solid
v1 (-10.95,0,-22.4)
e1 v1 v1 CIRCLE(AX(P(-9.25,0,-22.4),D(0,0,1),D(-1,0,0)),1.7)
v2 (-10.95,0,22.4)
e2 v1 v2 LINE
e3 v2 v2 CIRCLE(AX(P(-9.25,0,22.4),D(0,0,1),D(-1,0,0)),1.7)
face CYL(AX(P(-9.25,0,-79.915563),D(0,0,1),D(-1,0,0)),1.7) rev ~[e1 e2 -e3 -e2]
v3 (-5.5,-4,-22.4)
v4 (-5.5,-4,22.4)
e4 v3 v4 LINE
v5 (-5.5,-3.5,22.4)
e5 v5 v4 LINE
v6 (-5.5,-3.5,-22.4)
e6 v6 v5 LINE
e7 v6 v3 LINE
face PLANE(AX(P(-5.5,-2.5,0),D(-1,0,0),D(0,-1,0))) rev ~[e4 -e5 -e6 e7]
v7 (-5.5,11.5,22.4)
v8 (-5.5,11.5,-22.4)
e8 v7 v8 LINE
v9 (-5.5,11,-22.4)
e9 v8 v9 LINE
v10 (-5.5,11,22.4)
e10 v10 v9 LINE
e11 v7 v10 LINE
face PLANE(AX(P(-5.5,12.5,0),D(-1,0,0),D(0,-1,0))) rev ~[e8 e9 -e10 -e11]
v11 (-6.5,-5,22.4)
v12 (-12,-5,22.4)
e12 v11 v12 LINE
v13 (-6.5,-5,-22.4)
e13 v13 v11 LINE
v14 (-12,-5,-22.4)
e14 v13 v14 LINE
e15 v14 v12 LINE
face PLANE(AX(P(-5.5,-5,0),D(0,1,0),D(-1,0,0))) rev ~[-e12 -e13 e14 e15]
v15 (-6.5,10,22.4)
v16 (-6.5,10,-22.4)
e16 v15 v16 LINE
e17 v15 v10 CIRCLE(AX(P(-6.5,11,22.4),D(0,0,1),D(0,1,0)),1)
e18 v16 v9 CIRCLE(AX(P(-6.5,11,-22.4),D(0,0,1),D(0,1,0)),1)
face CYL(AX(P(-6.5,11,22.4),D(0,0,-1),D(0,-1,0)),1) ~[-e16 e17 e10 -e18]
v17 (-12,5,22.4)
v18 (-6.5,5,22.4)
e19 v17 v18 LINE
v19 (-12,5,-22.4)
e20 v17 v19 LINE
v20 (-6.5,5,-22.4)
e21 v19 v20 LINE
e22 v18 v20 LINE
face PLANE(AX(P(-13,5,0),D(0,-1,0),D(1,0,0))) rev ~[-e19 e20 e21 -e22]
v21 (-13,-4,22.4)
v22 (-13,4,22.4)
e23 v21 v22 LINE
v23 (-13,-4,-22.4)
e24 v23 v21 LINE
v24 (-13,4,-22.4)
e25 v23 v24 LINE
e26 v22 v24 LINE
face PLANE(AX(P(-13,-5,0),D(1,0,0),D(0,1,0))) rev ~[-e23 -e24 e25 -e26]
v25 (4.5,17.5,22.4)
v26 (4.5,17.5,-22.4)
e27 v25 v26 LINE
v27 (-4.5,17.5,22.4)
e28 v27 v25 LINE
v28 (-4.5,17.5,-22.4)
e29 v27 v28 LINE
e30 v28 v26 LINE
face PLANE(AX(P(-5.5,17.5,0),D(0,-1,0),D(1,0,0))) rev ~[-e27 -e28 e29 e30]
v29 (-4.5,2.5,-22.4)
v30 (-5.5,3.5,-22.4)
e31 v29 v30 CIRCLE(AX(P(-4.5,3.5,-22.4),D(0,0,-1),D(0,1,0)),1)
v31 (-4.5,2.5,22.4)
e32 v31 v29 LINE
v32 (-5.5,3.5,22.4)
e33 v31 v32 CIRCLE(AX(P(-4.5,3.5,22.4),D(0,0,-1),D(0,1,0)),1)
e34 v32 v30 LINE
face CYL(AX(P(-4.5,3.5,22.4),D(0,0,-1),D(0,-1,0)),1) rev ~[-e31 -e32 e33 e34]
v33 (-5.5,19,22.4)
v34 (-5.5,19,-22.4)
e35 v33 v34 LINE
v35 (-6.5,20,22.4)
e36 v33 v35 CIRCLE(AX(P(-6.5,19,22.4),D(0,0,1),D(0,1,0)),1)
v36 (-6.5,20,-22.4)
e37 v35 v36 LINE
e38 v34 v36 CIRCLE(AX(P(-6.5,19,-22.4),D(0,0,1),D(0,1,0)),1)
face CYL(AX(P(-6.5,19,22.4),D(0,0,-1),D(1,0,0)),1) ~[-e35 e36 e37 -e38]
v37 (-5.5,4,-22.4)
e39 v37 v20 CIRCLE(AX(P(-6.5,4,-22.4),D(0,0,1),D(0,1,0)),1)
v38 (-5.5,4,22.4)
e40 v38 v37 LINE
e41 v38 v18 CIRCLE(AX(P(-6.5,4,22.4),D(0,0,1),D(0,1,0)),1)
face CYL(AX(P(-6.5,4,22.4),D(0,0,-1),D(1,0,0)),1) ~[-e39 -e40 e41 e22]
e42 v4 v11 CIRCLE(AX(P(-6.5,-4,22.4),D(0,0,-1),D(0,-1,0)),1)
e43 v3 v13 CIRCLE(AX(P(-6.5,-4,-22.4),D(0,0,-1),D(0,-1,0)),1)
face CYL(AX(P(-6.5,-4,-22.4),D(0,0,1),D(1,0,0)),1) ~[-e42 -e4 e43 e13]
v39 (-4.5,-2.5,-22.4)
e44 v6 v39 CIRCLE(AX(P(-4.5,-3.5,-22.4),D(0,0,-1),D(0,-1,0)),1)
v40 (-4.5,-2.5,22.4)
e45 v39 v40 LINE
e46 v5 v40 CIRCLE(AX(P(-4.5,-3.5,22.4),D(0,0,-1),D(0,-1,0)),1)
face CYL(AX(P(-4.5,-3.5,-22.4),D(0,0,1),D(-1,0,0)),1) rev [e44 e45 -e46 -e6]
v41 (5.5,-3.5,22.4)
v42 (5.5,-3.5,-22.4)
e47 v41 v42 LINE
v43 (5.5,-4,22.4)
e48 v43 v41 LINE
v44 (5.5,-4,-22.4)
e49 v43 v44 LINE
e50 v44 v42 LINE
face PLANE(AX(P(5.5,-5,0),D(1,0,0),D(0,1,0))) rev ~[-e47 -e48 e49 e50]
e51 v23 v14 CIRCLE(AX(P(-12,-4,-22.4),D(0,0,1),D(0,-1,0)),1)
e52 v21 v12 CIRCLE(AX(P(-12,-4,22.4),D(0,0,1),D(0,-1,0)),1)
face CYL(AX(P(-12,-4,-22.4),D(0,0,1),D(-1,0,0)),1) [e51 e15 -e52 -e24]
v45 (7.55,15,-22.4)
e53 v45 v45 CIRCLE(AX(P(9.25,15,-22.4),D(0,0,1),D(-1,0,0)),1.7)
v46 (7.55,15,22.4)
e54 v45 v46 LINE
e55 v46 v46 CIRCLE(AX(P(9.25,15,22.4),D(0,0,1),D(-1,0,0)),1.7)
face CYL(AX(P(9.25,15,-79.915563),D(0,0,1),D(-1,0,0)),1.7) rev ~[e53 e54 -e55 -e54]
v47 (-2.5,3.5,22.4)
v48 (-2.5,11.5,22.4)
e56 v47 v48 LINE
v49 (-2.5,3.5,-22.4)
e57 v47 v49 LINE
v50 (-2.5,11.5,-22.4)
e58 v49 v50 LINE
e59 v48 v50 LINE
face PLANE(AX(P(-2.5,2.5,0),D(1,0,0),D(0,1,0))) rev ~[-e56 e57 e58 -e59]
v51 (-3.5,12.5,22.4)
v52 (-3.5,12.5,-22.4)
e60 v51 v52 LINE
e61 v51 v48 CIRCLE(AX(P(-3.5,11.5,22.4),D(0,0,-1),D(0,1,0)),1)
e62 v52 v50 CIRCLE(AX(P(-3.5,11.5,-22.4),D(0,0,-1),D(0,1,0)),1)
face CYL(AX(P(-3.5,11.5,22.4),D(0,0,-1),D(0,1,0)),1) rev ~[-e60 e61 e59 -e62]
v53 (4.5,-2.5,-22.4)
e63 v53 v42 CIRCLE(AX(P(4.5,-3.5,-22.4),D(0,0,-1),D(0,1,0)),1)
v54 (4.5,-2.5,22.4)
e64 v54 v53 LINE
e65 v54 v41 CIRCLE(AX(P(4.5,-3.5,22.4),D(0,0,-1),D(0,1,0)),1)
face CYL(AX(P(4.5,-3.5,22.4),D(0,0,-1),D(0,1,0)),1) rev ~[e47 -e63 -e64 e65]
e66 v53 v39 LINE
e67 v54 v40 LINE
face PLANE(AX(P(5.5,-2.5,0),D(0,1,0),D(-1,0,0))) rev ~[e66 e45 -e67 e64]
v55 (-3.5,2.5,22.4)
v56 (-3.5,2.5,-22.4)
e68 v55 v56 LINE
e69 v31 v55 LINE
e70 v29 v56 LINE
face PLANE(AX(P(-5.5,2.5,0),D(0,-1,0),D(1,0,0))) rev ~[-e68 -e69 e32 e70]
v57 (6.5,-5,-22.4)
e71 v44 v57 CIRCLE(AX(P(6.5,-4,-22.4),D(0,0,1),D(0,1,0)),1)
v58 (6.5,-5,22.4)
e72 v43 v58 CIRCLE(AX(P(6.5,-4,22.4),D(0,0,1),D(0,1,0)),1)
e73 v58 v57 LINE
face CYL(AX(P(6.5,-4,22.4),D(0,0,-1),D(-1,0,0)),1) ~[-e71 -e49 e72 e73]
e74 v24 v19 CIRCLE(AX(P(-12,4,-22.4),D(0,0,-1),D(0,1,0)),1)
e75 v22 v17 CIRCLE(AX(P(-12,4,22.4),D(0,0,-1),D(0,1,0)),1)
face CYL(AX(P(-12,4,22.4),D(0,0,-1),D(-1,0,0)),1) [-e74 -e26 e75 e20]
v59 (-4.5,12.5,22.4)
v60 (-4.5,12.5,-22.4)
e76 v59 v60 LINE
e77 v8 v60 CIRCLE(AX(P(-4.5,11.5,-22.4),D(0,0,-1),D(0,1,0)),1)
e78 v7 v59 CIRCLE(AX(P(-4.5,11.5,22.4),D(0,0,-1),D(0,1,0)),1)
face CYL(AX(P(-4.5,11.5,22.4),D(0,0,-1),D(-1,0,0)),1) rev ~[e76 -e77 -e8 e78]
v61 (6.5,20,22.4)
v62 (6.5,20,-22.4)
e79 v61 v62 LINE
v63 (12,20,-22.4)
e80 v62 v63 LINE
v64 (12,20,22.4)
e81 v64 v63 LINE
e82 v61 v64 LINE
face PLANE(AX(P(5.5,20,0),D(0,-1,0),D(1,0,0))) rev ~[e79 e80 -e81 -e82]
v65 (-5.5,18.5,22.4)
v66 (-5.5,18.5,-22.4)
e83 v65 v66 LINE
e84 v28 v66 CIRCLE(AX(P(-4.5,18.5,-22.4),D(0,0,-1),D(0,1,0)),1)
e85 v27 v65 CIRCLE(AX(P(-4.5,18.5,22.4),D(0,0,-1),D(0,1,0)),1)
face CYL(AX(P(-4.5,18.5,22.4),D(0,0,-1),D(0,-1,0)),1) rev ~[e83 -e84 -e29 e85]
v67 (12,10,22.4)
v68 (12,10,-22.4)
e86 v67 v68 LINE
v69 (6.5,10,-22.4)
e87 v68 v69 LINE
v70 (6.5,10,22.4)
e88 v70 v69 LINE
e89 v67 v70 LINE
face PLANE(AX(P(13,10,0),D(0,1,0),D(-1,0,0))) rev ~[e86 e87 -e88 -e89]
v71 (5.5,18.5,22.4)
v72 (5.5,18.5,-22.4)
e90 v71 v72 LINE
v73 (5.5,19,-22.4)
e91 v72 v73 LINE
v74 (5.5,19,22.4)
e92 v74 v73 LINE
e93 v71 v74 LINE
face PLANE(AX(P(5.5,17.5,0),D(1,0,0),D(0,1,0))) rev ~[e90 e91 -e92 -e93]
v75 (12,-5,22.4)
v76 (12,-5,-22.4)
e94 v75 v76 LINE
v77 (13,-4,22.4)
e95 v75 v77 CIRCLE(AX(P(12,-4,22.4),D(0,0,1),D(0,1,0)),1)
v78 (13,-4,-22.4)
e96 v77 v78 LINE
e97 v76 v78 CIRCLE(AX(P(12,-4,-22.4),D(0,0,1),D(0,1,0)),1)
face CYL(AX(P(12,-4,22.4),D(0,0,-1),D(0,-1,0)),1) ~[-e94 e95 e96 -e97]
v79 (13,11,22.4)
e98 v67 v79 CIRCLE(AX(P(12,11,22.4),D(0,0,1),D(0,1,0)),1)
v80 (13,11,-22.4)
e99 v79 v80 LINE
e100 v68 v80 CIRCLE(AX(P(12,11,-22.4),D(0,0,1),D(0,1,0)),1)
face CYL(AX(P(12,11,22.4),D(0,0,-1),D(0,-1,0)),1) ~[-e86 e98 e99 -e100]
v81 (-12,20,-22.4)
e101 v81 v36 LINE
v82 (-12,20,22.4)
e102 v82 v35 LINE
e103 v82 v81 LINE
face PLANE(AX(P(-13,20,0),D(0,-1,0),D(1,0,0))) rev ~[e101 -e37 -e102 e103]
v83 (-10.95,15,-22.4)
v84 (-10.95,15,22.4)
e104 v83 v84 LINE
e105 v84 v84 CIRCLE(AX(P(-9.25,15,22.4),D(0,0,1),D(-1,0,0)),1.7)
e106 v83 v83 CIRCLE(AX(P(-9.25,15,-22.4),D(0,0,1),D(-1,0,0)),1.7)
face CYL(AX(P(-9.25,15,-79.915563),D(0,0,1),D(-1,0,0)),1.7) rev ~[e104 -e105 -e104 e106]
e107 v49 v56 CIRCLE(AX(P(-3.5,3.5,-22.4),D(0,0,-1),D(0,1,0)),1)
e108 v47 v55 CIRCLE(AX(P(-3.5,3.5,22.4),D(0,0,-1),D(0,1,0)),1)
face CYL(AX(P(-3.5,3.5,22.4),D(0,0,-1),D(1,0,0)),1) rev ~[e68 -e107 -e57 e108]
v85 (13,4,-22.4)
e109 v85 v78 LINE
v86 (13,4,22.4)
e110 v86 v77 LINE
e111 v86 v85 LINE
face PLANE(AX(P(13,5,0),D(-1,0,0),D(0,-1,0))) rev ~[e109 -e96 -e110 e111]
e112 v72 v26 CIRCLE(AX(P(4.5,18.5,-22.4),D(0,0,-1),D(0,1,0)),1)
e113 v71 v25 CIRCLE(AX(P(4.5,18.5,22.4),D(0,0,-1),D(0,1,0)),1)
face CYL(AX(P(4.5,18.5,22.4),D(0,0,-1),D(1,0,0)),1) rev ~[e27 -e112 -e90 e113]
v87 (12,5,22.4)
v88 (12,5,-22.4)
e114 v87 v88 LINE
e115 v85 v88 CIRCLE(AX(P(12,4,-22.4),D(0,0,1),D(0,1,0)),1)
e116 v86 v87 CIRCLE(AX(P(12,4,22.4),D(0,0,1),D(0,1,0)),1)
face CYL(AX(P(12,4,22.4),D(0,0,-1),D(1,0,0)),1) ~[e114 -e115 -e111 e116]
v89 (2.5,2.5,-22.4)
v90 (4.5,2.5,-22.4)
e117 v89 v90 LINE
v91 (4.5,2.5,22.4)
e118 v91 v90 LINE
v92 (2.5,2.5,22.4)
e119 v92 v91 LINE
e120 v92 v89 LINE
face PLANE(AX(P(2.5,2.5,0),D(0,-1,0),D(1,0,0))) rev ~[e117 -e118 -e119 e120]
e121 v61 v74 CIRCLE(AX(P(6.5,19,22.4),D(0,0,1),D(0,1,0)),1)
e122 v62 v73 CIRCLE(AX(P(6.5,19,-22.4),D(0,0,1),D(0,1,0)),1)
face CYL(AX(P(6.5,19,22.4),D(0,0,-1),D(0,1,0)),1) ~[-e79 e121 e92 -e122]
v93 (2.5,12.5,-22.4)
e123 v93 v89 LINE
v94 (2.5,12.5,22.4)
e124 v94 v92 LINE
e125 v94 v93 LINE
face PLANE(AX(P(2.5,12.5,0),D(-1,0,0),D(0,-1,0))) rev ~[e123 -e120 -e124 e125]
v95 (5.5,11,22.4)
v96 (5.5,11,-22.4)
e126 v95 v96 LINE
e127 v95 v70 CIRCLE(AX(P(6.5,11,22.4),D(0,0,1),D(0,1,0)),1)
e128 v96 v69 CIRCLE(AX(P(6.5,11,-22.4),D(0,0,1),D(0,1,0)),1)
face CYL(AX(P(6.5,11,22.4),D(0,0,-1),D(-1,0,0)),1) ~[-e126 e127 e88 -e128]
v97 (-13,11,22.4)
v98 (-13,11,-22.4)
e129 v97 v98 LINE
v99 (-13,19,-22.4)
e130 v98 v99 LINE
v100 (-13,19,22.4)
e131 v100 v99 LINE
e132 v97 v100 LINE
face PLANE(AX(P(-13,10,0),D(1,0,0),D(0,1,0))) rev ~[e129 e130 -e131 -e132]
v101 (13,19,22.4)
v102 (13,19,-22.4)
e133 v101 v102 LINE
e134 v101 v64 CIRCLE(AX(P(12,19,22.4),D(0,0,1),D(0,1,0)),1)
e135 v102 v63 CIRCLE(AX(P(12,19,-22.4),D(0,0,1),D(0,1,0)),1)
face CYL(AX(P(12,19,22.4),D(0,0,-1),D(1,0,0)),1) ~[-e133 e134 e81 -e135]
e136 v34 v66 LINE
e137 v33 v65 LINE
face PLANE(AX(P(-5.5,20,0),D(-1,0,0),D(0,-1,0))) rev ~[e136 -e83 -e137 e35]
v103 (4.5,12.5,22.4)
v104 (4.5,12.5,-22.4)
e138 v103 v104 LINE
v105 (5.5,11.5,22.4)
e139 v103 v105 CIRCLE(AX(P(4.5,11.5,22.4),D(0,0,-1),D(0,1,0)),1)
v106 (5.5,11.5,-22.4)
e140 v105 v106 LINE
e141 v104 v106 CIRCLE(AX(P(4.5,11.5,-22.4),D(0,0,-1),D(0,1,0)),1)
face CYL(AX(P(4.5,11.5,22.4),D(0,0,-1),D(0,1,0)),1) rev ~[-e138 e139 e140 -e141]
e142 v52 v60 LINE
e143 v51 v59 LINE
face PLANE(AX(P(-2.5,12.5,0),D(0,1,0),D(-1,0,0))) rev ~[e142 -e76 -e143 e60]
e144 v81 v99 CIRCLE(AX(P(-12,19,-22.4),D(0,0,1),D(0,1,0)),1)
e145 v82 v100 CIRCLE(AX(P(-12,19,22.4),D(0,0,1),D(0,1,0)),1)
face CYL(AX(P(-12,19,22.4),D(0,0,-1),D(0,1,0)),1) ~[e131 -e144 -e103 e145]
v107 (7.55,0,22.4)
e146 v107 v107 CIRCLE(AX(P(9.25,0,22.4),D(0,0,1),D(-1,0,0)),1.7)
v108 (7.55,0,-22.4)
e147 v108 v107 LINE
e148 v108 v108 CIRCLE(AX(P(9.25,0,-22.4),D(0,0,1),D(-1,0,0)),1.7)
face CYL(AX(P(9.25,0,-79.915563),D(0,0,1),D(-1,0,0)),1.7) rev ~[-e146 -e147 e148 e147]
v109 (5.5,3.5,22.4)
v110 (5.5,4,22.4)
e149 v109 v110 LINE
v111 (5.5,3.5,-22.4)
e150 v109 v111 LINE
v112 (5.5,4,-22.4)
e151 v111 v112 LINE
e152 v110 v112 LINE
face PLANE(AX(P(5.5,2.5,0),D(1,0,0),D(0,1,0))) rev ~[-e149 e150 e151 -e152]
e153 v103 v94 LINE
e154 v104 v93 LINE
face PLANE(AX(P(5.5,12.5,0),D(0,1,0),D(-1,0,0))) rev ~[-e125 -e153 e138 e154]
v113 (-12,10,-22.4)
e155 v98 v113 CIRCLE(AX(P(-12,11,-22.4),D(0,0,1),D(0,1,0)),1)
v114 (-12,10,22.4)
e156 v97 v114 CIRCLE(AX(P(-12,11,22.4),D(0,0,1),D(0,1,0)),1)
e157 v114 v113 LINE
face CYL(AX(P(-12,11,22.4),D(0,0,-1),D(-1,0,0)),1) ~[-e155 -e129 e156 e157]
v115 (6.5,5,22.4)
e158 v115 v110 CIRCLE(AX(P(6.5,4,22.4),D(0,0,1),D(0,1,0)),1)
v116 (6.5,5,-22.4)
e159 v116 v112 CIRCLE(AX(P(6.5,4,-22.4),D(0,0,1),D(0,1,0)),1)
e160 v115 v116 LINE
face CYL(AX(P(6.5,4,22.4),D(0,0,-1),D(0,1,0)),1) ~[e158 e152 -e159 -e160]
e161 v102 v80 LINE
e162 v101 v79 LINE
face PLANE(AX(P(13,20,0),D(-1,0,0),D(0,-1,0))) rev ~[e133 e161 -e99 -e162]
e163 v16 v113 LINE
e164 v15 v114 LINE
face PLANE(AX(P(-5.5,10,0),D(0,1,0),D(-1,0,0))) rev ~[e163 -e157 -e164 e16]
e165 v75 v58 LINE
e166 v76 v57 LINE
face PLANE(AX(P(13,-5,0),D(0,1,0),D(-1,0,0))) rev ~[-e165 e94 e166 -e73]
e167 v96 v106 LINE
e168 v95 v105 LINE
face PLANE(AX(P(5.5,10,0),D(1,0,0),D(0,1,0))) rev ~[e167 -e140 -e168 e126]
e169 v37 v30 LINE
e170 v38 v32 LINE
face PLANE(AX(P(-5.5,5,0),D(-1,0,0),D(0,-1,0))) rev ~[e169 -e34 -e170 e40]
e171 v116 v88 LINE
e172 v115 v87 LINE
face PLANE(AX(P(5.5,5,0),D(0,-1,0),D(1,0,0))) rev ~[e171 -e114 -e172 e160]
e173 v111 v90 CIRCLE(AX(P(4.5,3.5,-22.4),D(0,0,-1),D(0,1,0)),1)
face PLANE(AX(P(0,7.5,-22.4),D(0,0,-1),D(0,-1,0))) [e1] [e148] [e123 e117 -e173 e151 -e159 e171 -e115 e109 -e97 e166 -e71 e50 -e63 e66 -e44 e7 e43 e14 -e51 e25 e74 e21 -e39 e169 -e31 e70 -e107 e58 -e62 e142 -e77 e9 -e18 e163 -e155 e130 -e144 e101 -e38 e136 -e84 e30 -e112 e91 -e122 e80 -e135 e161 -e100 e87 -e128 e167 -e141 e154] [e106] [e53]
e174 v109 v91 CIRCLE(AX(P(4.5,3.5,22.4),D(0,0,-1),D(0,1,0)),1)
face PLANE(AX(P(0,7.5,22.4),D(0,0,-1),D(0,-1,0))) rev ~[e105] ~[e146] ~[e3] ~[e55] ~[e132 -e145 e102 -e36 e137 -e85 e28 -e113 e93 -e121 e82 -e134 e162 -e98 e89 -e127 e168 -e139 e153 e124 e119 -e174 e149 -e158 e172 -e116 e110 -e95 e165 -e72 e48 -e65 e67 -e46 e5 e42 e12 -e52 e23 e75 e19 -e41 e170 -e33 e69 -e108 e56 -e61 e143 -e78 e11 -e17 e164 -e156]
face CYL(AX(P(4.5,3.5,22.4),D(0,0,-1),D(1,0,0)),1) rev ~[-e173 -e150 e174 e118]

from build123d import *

# Parameters (mm, degrees)
SALIENTE_EXTRUIR1_DEPTH      = 22.4
REDONDEO1_R                  = 1
TALADRO_DE_MARGEN_PARA_M31_D = 3.4


with BuildPart() as part:
    # Croquis1 → Saliente-Extruir1 (new, symmetric)
    with BuildSketch(Plane(origin=(0, 0, 0), x_dir=(0, 1, 0), z_dir=(0, 0, 1))):
        Polygon((-5, 13), (5, 13), (5, 5.5), (2.5, 5.5), (2.5, 2.5), (12.5, 2.5), (12.5, 5.5), (10, 5.5), (10, 13), (20, 13), (20, 5.5), (17.5, 5.5), (17.5, -5.5), (20, -5.5), (20, -13), (10, -13), (10, -5.5), (12.5, -5.5), (12.5, -2.5), (2.5, -2.5), (2.5, -5.5), (5, -5.5), (5, -13), (-5, -13), (-5, -5.5), (-2.5, -5.5), (-2.5, 5.5), (-5, 5.5), align=None)
    extrude(amount=SALIENTE_EXTRUIR1_DEPTH, both=True)

    # Redondeo1
    redondeo1_edges = [part.edges().sort_by_distance(p)[0] for p in [
        (-5.5, -5, 0),
        (-13, -5, 0),
        (-13, 5, 0),
        (-5.5, 5, 0),
        (-5.5, 2.5, 0),
        (-2.5, 2.5, 0),
        (-2.5, 12.5, 0),
        (-5.5, 12.5, 0),
        (-5.5, 10, 0),
        (-13, 10, 0),
        (-13, 20, 0),
        (-5.5, 20, 0),
        (-5.5, 17.5, 0),
        (5.5, 17.5, 0),
        (5.5, 20, 0),
        (13, 20, 0),
        (13, 10, 0),
        (5.5, 10, 0),
        (5.5, 12.5, 0),
        (5.5, 2.5, 0),
        (5.5, 5, 0),
        (13, 5, 0),
        (13, -5, 0),
        (5.5, -5, 0),
        (5.5, -2.5, 0),
        (-5.5, -2.5, 0),
    ]]
    fillet(redondeo1_edges, radius=REDONDEO1_R)

    # Taladro de margen para M31 (through all)
    with Locations(Plane(origin=(0, 0, -22.4), x_dir=(1, 0, 0), z_dir=(0, 0, -1))):
        with Locations((-9.25, -15), (-9.25, 0), (9.25, 0), (9.25, -15)):
            Hole(TALADRO_DE_MARGEN_PARA_M31_D / 2)


solid = part.part
